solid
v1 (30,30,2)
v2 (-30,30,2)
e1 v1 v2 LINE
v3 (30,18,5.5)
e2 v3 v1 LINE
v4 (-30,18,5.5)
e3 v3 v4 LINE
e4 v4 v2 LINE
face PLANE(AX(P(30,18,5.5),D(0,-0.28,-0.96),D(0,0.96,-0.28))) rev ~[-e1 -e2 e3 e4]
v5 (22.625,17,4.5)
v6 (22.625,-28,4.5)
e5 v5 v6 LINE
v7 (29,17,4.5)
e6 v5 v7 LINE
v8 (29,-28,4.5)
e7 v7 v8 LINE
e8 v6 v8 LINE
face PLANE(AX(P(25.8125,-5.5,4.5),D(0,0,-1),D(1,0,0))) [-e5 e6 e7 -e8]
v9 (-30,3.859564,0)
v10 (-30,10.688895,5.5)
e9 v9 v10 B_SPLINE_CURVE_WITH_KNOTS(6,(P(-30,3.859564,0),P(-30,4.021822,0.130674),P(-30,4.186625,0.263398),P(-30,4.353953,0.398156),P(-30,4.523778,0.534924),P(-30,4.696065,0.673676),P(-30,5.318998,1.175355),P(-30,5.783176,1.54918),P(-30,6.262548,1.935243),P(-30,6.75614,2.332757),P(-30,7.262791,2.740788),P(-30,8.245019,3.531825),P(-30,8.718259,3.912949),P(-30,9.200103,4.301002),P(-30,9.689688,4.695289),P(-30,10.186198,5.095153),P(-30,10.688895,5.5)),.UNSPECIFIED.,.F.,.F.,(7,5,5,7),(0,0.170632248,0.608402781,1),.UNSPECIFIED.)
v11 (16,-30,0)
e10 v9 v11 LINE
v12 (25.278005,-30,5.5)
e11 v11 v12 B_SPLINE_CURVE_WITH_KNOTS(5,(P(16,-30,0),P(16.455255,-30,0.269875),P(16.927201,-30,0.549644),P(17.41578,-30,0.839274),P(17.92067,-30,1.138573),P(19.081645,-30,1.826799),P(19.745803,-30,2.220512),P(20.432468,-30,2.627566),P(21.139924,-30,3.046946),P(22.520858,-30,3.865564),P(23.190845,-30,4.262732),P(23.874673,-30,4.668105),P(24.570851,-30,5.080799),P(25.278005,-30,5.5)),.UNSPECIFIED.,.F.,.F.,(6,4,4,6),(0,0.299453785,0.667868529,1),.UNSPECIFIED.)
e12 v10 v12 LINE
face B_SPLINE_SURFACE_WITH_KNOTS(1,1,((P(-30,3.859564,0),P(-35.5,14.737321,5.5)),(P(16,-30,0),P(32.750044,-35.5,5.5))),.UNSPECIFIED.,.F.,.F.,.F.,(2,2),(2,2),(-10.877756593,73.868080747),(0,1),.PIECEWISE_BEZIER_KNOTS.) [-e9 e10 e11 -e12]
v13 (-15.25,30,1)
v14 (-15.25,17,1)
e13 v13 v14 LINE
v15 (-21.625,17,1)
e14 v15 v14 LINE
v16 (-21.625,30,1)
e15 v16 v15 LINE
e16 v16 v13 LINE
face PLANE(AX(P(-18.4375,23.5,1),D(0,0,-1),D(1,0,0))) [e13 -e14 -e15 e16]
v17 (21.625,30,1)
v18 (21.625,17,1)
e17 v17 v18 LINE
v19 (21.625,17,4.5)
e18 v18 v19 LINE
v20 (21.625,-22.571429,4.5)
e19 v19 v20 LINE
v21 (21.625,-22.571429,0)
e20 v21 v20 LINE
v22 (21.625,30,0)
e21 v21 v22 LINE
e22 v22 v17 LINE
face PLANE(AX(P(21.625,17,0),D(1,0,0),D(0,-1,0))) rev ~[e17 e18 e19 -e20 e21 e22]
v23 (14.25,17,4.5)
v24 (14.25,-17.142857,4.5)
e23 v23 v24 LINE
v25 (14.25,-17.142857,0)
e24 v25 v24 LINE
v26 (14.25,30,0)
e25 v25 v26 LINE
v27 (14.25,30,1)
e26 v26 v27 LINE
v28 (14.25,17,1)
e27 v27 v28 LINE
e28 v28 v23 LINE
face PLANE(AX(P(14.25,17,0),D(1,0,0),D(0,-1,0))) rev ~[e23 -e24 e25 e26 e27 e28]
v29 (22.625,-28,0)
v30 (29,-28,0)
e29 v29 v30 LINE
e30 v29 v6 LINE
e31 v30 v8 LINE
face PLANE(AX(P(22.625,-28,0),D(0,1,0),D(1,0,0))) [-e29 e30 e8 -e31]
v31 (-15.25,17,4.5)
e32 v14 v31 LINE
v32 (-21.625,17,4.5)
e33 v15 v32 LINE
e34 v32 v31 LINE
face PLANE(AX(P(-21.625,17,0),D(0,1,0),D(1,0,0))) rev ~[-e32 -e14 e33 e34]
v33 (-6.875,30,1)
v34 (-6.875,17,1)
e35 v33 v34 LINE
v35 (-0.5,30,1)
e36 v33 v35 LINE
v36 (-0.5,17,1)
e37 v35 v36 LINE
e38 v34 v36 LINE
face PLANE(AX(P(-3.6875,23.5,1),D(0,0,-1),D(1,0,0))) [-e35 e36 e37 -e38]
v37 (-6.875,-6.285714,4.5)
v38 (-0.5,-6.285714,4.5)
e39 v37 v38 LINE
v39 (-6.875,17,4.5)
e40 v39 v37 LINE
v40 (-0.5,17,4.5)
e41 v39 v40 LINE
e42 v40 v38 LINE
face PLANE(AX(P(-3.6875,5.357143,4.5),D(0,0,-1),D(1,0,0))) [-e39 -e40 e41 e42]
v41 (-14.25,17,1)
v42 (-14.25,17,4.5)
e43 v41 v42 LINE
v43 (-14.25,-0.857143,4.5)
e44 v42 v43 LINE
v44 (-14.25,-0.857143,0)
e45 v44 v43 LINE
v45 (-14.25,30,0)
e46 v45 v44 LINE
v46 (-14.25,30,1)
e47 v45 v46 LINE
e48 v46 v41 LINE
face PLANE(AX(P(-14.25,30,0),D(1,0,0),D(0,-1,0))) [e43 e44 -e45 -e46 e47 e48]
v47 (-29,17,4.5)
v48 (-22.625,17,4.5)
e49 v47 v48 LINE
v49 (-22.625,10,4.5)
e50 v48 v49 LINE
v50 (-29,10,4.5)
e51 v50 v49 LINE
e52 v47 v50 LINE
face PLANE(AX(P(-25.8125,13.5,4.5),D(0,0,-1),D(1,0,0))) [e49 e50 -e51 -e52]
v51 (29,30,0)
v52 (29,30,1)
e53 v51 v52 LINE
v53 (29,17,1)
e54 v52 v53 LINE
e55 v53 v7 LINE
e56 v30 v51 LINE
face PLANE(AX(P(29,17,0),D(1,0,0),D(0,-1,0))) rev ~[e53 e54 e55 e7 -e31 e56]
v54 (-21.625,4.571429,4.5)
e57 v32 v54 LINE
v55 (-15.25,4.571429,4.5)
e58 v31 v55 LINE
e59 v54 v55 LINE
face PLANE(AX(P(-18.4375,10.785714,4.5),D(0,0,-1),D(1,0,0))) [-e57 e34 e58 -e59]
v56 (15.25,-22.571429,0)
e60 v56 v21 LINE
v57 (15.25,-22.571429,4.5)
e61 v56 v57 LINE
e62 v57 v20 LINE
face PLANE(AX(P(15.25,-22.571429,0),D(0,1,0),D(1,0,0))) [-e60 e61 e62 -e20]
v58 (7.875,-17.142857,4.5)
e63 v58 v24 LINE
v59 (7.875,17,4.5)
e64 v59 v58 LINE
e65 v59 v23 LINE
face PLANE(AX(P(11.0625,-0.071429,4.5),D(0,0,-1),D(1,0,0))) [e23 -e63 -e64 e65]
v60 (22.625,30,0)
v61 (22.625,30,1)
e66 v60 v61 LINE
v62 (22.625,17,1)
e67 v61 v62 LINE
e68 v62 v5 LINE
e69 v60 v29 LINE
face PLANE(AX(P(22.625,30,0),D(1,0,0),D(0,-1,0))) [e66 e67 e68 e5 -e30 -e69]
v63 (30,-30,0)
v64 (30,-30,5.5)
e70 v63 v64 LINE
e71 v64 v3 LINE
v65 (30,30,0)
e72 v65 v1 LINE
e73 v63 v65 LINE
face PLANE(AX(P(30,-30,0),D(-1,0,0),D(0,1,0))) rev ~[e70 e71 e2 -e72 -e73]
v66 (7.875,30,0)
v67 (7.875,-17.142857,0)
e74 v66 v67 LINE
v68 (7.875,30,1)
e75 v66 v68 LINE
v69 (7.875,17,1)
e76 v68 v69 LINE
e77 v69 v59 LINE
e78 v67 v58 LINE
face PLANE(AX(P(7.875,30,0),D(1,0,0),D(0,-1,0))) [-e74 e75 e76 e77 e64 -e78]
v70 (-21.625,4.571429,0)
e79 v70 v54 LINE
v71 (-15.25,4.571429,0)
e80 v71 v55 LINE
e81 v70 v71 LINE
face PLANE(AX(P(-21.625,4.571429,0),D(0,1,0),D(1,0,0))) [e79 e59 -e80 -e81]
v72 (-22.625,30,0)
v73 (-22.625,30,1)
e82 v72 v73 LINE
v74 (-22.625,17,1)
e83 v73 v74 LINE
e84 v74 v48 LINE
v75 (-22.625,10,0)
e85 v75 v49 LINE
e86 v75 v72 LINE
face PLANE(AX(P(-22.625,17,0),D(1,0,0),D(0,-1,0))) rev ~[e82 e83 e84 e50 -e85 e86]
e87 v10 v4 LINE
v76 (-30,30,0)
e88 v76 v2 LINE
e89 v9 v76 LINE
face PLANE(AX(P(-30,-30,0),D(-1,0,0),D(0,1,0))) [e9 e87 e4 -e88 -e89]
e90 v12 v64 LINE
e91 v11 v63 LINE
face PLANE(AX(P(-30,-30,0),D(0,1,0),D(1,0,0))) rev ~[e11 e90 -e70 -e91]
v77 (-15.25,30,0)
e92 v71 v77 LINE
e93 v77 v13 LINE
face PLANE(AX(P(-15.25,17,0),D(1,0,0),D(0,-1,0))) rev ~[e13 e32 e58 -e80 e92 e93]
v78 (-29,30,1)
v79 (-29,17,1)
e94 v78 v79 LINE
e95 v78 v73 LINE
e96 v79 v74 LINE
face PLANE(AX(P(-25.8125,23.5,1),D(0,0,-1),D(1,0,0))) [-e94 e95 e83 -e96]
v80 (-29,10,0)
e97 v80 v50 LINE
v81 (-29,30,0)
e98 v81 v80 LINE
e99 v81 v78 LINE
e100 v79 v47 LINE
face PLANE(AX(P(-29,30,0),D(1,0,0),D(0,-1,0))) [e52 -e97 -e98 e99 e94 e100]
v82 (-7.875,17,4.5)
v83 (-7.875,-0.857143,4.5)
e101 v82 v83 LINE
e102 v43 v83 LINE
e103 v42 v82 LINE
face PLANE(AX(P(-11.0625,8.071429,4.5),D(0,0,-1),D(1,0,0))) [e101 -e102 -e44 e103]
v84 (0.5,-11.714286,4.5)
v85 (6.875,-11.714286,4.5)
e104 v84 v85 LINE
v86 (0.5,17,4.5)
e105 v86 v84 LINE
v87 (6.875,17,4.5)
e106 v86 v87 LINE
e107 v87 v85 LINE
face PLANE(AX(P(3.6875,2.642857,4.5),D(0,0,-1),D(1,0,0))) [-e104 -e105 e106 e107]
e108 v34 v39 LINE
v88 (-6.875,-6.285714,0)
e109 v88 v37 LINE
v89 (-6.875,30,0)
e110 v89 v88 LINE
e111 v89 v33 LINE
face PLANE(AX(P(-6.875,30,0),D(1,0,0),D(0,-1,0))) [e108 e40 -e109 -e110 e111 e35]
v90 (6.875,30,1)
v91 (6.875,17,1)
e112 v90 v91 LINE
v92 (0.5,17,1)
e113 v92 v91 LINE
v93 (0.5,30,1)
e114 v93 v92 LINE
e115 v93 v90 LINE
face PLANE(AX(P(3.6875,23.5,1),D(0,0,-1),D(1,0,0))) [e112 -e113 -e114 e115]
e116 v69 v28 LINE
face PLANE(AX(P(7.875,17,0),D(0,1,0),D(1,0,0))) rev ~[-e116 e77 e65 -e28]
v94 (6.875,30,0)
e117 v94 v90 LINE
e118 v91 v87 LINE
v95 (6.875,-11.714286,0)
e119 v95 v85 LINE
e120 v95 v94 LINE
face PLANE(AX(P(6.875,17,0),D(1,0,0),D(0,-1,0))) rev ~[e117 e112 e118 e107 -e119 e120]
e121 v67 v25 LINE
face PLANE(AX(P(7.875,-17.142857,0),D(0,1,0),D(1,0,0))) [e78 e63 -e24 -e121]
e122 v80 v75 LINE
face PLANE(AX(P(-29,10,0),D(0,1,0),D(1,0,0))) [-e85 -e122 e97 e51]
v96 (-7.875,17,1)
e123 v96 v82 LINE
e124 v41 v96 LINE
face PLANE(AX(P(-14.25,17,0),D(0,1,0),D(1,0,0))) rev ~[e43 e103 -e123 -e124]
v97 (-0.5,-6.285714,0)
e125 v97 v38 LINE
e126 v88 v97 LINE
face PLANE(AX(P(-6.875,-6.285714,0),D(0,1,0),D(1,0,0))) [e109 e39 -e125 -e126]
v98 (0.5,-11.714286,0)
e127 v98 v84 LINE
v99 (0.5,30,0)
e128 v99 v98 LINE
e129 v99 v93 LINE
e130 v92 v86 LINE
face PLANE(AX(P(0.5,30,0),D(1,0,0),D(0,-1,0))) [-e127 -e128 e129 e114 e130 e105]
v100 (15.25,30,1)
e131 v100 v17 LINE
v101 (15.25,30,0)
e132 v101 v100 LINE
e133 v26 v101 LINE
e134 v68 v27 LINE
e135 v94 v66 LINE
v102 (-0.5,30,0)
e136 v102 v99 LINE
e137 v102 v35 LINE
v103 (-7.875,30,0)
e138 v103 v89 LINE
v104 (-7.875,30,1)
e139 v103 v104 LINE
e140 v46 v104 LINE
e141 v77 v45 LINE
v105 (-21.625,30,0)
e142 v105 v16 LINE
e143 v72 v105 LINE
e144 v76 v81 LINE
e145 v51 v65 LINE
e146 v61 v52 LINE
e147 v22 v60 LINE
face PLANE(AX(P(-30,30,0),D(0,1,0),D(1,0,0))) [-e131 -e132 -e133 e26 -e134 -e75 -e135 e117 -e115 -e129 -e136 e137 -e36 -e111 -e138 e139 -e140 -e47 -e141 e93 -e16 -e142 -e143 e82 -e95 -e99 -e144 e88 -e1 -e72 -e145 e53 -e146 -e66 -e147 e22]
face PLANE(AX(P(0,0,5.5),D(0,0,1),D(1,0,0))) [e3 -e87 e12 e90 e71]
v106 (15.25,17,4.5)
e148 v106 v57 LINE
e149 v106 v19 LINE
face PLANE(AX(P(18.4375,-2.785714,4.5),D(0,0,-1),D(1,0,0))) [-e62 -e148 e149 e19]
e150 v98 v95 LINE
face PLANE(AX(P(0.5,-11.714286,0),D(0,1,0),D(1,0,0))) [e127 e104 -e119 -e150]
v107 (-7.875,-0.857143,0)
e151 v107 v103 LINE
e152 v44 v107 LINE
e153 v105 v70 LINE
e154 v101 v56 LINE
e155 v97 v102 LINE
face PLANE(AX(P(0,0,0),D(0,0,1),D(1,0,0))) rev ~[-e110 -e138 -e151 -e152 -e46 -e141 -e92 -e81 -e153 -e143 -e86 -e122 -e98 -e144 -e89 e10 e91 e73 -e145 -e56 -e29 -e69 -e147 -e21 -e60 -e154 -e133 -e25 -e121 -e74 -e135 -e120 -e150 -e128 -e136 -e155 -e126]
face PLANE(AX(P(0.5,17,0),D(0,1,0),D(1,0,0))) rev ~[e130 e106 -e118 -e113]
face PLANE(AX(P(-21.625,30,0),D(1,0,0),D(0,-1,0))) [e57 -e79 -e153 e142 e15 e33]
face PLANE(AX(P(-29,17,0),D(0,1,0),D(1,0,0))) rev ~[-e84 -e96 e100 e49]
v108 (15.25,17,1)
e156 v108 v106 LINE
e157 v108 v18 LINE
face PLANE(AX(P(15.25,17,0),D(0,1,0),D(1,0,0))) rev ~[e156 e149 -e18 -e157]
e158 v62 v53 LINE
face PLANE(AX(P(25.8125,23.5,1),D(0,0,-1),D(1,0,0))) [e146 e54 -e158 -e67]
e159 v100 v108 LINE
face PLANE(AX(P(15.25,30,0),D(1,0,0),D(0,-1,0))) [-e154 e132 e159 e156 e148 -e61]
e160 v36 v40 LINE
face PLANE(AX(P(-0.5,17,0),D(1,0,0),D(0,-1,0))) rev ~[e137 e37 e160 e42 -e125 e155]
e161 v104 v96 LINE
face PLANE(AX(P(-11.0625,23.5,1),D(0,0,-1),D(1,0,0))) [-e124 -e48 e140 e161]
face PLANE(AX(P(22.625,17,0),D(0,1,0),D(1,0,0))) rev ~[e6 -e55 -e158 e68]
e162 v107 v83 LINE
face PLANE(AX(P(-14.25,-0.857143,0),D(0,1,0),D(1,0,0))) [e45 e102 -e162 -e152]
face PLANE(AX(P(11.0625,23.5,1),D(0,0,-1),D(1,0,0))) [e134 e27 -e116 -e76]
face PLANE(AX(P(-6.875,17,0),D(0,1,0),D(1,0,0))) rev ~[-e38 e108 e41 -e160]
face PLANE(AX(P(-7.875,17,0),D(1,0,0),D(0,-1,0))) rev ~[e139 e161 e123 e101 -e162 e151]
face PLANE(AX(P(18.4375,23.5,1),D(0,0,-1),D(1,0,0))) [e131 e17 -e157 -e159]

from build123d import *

# Parameters (mm, degrees)
F0_W     = 60
F0_H     = 60
F1_DEPTH = 5.5
F3_DEPTH = 60
F4_W     = 6.375
F4_H     = 13
F5_DEPTH = 1
F6_W     = 6.375
F6_H     = 45
F6_H_2   = 7
F6_H_3   = 12.4285714286
F6_H_4   = 17.8571428571
F6_H_5   = 23.2857142857
F6_H_6   = 28.7142857143
F6_H_7   = 34.1428571429
F6_H_8   = 39.5714285714
F7_DEPTH = 4.5
F9_DEPTH = 5.5
F9_TAPER = -45


with BuildPart() as f1:
    # F0 (on Top) → F1 (new body)
    with BuildSketch(Plane.XY):
        Rectangle(F0_W, F0_H)
    extrude(amount=F1_DEPTH)

    # F2 (on face) → F3 (cut, through all)
    with BuildSketch(Plane.YZ.offset(30)):
        Polygon((18, 5.5), (30, 2), (30, 5.5), align=None)
    extrude(amount=-F3_DEPTH, mode=Mode.SUBTRACT)

    # F4 (on face) → F5 (cut)
    with BuildSketch(Plane(origin=(0, 0, 0), x_dir=(1, 0, 0), z_dir=(0, 0, -1))):
        with Locations((-25.8125, -23.5)):
            Rectangle(F4_W, F4_H)
        with Locations((-11.0625, -23.5)):
            Rectangle(F4_W, F4_H)
        with Locations((18.4375, -23.5)):
            Rectangle(F4_W, F4_H)
        with Locations((11.0625, -23.5)):
            Rectangle(F4_W, F4_H)
        with Locations((3.6875, -23.5)):
            Rectangle(F4_W, F4_H)
        with Locations((-18.4375, -23.5)):
            Rectangle(F4_W, F4_H)
        with Locations((-3.6875, -23.5)):
            Rectangle(F4_W, F4_H)
        with Locations((25.8125, -23.5)):
            Rectangle(F4_W, F4_H)
    extrude(amount=-F5_DEPTH, mode=Mode.SUBTRACT)

    # F6 (on face) → F7 (cut)
    with BuildSketch(Plane(origin=(0, 0, 0), x_dir=(1, 0, 0), z_dir=(0, 0, -1))):
        with Locations((25.8125, 5.5)):
            Rectangle(F6_W, F6_H)
        with Locations((-25.8125, -13.5)):
            Rectangle(F6_W, F6_H_2)
        with Locations((-18.4375, -10.7857142857)):
            Rectangle(F6_W, F6_H_3)
        with Locations((-11.0625, -8.0714285714)):
            Rectangle(F6_W, F6_H_4)
        with Locations((-3.6875, -5.3571428571)):
            Rectangle(F6_W, F6_H_5)
        with Locations((3.6875, -2.6428571429)):
            Rectangle(F6_W, F6_H_6)
        with Locations((11.0625, 0.0714285714)):
            Rectangle(F6_W, F6_H_7)
        with Locations((18.4375, 2.7857142857)):
            Rectangle(F6_W, F6_H_8)
    extrude(amount=-F7_DEPTH, mode=Mode.SUBTRACT)

    # F8 (on face) → F9 (cut, through all)
    with BuildSketch(Plane(origin=(0, 0, 0), x_dir=(1, 0, 0), z_dir=(0, 0, -1))):
        Polygon((-30, 30), (-30, -3.8595641646), (16, 30), align=None)
    extrude(amount=-F9_DEPTH, taper=F9_TAPER, mode=Mode.SUBTRACT)


solid = f1.part
